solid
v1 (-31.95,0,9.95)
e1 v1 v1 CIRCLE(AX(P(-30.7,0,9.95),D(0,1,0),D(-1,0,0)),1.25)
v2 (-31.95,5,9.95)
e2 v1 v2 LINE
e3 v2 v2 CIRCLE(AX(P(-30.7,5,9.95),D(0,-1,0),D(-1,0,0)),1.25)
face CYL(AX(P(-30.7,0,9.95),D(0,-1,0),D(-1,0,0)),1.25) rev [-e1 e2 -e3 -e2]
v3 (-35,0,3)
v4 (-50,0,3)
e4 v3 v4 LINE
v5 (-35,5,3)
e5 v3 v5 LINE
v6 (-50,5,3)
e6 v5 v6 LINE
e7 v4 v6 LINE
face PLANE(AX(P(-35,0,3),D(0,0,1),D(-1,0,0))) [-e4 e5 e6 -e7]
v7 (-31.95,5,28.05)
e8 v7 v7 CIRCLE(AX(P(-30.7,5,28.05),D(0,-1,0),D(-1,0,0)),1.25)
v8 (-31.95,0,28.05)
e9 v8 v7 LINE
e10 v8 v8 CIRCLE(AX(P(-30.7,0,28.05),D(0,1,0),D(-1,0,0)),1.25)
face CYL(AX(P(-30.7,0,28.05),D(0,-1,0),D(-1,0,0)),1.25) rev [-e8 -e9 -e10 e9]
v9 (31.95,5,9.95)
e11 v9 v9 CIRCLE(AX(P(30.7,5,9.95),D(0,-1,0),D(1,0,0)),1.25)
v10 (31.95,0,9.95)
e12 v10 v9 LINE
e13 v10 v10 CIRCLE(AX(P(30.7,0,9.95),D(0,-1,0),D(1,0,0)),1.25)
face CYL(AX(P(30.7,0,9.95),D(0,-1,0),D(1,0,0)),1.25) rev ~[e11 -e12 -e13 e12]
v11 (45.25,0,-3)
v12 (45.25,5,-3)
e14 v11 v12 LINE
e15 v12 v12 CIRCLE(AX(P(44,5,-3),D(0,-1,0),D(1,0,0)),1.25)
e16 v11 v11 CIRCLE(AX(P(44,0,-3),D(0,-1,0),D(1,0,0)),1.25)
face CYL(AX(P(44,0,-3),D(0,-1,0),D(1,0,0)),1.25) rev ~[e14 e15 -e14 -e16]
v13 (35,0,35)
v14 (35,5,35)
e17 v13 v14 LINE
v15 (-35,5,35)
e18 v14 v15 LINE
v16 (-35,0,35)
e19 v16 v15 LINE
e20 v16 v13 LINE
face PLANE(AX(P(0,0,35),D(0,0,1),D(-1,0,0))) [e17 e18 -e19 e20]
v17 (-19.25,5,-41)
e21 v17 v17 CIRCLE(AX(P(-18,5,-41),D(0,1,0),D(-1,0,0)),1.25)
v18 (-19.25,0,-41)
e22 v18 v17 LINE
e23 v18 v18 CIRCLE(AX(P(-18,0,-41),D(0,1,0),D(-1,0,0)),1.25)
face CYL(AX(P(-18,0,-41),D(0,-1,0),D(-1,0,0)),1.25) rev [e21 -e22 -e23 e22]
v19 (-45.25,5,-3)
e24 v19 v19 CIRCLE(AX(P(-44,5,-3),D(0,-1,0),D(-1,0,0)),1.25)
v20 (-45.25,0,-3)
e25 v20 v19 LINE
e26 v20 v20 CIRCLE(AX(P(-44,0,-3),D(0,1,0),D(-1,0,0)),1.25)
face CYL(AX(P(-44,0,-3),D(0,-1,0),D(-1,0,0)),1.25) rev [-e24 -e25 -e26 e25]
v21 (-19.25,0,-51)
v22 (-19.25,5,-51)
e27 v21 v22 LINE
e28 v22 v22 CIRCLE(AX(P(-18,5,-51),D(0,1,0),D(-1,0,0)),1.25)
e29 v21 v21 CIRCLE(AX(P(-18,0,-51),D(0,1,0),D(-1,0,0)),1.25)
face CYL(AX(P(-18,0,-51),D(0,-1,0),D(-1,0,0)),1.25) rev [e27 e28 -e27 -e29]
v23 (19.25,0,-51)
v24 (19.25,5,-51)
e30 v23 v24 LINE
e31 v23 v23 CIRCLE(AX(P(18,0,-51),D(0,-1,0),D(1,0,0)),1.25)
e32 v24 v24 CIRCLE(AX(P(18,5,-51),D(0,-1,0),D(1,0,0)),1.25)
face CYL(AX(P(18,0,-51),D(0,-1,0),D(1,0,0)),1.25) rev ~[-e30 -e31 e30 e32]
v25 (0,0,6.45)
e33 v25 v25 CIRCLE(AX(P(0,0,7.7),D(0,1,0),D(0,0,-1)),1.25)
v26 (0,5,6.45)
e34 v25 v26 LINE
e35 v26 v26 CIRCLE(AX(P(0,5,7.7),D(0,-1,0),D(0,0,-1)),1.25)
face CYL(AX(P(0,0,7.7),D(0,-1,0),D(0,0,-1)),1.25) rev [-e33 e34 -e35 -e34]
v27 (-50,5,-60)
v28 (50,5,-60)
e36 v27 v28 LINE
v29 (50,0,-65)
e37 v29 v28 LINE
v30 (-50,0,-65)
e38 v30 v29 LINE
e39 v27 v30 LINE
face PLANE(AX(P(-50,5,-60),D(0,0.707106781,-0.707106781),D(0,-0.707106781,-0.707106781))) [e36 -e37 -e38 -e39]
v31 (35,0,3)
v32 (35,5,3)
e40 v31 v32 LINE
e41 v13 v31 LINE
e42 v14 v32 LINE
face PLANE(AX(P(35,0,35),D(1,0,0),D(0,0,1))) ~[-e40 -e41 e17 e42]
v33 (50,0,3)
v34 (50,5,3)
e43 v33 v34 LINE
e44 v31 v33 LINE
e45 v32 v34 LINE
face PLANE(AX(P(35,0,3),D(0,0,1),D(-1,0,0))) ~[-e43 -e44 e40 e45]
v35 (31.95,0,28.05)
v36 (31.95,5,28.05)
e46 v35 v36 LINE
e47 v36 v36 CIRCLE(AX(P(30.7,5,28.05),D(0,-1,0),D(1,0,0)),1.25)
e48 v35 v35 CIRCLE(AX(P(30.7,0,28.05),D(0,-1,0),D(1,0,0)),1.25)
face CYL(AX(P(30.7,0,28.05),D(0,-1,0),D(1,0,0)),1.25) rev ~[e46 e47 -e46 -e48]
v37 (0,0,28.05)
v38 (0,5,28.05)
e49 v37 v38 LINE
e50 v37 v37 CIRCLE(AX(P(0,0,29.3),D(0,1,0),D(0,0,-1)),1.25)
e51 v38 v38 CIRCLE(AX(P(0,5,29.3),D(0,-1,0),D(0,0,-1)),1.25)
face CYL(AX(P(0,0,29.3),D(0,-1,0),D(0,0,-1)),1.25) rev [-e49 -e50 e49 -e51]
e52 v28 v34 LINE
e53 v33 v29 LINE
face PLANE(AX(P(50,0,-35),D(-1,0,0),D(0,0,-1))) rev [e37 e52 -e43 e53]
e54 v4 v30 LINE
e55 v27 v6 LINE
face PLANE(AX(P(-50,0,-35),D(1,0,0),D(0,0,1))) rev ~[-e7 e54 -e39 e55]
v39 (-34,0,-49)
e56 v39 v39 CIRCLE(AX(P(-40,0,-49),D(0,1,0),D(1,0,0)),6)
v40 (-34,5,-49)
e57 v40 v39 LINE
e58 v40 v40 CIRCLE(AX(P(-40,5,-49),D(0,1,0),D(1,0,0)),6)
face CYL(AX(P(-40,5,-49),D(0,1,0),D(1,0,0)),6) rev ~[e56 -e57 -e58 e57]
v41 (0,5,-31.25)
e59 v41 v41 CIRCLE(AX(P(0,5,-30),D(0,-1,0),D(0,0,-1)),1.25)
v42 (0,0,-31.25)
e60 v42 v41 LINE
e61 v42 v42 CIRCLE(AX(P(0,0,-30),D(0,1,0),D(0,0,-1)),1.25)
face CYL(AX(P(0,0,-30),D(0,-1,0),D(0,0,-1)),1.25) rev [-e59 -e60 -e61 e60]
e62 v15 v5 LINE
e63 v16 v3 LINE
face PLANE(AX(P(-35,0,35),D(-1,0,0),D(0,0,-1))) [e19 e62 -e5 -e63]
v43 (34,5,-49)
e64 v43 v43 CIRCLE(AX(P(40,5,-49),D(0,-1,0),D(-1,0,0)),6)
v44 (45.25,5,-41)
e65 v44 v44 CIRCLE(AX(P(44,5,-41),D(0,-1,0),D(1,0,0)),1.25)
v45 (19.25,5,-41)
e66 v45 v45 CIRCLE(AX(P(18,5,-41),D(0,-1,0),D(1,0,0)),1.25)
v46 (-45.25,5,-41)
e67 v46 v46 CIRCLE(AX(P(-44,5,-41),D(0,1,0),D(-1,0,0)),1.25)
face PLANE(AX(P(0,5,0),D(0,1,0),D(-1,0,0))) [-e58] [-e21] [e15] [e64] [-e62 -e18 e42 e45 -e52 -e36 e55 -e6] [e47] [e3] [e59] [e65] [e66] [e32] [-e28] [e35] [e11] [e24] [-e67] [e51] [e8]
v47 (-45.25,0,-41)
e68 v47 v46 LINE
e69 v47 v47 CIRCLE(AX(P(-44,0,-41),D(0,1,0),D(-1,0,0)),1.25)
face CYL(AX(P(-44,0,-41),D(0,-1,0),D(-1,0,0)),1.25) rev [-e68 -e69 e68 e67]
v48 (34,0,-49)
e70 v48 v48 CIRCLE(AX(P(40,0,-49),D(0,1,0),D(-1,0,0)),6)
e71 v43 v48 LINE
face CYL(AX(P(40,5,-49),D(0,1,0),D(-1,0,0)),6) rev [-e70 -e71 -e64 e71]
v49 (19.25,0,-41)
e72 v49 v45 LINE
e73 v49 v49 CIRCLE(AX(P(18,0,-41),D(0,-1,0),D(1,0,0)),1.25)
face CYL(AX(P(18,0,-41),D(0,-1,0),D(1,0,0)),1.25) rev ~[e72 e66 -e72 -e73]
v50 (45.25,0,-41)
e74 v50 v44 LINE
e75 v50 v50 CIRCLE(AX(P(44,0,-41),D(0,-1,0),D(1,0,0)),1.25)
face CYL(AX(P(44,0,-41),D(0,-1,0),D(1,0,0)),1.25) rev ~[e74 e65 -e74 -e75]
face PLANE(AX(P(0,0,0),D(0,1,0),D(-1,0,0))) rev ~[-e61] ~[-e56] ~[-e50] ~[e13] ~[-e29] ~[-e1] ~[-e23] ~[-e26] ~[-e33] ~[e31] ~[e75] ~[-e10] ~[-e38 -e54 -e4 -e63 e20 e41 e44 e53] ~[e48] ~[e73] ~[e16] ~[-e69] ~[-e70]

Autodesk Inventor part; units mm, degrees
ref_plane "YZ Plane" through (0, 0, 0) normal (1, 0, 0) x (0, 1, 0)
ref_plane "XZ Plane" through (0, 0, 0) normal (0, 1, 0) x (-1, 0, 0)
ref_plane "XY Plane" through (0, 0, 0) normal (0, 0, 1) x (1, 0, 0)
sketch "Sketch1" plane through (0, 0, 0) normal (0, 1, 0) x (-1, 0, 0)
  line L0 (35, 35) -> (35, 3)
  line L1 (9, 3) -> (35, 3) construction
  line L2 (0, 3) -> (9, 3) construction
  line L3 (35, 3) -> (50, 3)
  line L4 (0, -35) -> (0, 35)
  line L5 (0, -35) -> (50, -35)
  line L6 (0, 35) -> (35, 35)
  line L7 (50, -35) -> (50, 3)
  line L8 (30.7, 28.05) -> (35, 28.05) construction
  line L9 (30.7, 28.05) -> (30.7, 9.95) construction
  line L10 (30.7, 9.95) -> (30.7, 3) construction
  circle A0 centre (30.7, 9.95) radius 1.25
  circle A1 centre (30.7, 28.05) radius 1.25
  circle A2 centre (44, -3) radius 1.25
  arc A3 (0, -31.25) -> (0, -28.75) centre (0, -30) ccw
  arc A4 (0, 6.45) -> (0, 8.95) centre (0, 7.7) ccw
  arc A5 (0, 28.05) -> (0, 30.55) centre (0, 29.3) ccw
  line L11 (0, 29.3) -> (30.7, 29.3) construction
  line L12 (50, -35) -> (50, -65)
  line L13 (50, -65) -> (0, -65)
  line L14 (0, -35) -> (0, -65)
  circle A6 centre (44, -41) radius 1.25
  circle A7 centre (18, -41) radius 1.25
  circle A8 centre (18, -51) radius 1.25
  point P0 (0, 0)
  point P1 (-50, 0)
  point P2 (0, 0)
  dimension "d26" = 2.5
  dimension "d6" = 32
  dimension "d9" = 26
  dimension "d10" = 9
  dimension "d11" = 50
  dimension "d12" = 70
  dimension "d14" = 4.3
  dimension "d15" = 18.1
  dimension "d20" = 6.95
  dimension "d25" = 2.5
  dimension "d32" = 2.5
  dimension "d33" = 2.5
  dimension "d35" = 2.5
  dimension "d36" = 30
  dimension "d37" = 6
  dimension "d38" = 6
  dimension "d39" = 32
  dimension "d40" = 10
  dimension "d41" = 2.5
  dimension "d42" = 2.5
  dimension "d43" = 2.5
  dimension "d55" = 6
  dimension "d56" = 6
  dimension "d57" = 2.5
  dimension "d58" = 5
  dimension "d59" = 2.25
extrude "Extrusion1" add sketch "Sketch1" along normal blind 5 contours L0 L3 L7 L5 L4 A3 A4 A5 L6 | A5 L4 | L12 L13 L14 L5 | A4 L4 | L4 A3 | A0 | A1 | A2
extrude "Extrusion4" cut sketch "Sketch1" along normal through all contours A5 L4 | A4 L4 | L4 A3 | A0 | A1 | A2
mirror "Mirror1" about plane through (0, 0, 0) normal (1, 0, 0) of "Extrusion1", "Extrusion4"
sketch "Sketch4" plane through (-50, 0, -65) normal (-1, 0, 0) x (0, 0, 1)
  line L0 (0, 5) -> (68, 5) projected
  line L1 (0, 5) -> (5, 5)
  line L2 (0, 0) -> (68, 0) projected
  line L3 (5, 5) -> (0, 0)
  line L4 (0, 0) -> (0, 5) projected
  line L5 (0, 0) -> (0, 5)
  point P0 (65, 0)
  dimension "d44" = 5
extrude "Extrusion5" cut sketch "Sketch4" against normal through all
sketch "Sketch5" plane through (0, 5, 0) normal (0, 1, 0) x (1, 0, 0)
  circle A0 centre (-40, 49) radius 6
  line L0 (-50, 60) -> (-50, -3) projected
  line L1 (50, 60) -> (-50, 60) projected
  point P0 (0, 0)
  dimension "d50" = 10
  dimension "d51" = 11
  dimension "d52" = 12
extrude "Extrusion6" cut sketch "Sketch5" against normal through all
mirror "Mirror2" about plane through (0, 0, 0) normal (1, 0, 0) of "Extrusion6"
properties part number "Podstawa_All_in_One_5mm"
